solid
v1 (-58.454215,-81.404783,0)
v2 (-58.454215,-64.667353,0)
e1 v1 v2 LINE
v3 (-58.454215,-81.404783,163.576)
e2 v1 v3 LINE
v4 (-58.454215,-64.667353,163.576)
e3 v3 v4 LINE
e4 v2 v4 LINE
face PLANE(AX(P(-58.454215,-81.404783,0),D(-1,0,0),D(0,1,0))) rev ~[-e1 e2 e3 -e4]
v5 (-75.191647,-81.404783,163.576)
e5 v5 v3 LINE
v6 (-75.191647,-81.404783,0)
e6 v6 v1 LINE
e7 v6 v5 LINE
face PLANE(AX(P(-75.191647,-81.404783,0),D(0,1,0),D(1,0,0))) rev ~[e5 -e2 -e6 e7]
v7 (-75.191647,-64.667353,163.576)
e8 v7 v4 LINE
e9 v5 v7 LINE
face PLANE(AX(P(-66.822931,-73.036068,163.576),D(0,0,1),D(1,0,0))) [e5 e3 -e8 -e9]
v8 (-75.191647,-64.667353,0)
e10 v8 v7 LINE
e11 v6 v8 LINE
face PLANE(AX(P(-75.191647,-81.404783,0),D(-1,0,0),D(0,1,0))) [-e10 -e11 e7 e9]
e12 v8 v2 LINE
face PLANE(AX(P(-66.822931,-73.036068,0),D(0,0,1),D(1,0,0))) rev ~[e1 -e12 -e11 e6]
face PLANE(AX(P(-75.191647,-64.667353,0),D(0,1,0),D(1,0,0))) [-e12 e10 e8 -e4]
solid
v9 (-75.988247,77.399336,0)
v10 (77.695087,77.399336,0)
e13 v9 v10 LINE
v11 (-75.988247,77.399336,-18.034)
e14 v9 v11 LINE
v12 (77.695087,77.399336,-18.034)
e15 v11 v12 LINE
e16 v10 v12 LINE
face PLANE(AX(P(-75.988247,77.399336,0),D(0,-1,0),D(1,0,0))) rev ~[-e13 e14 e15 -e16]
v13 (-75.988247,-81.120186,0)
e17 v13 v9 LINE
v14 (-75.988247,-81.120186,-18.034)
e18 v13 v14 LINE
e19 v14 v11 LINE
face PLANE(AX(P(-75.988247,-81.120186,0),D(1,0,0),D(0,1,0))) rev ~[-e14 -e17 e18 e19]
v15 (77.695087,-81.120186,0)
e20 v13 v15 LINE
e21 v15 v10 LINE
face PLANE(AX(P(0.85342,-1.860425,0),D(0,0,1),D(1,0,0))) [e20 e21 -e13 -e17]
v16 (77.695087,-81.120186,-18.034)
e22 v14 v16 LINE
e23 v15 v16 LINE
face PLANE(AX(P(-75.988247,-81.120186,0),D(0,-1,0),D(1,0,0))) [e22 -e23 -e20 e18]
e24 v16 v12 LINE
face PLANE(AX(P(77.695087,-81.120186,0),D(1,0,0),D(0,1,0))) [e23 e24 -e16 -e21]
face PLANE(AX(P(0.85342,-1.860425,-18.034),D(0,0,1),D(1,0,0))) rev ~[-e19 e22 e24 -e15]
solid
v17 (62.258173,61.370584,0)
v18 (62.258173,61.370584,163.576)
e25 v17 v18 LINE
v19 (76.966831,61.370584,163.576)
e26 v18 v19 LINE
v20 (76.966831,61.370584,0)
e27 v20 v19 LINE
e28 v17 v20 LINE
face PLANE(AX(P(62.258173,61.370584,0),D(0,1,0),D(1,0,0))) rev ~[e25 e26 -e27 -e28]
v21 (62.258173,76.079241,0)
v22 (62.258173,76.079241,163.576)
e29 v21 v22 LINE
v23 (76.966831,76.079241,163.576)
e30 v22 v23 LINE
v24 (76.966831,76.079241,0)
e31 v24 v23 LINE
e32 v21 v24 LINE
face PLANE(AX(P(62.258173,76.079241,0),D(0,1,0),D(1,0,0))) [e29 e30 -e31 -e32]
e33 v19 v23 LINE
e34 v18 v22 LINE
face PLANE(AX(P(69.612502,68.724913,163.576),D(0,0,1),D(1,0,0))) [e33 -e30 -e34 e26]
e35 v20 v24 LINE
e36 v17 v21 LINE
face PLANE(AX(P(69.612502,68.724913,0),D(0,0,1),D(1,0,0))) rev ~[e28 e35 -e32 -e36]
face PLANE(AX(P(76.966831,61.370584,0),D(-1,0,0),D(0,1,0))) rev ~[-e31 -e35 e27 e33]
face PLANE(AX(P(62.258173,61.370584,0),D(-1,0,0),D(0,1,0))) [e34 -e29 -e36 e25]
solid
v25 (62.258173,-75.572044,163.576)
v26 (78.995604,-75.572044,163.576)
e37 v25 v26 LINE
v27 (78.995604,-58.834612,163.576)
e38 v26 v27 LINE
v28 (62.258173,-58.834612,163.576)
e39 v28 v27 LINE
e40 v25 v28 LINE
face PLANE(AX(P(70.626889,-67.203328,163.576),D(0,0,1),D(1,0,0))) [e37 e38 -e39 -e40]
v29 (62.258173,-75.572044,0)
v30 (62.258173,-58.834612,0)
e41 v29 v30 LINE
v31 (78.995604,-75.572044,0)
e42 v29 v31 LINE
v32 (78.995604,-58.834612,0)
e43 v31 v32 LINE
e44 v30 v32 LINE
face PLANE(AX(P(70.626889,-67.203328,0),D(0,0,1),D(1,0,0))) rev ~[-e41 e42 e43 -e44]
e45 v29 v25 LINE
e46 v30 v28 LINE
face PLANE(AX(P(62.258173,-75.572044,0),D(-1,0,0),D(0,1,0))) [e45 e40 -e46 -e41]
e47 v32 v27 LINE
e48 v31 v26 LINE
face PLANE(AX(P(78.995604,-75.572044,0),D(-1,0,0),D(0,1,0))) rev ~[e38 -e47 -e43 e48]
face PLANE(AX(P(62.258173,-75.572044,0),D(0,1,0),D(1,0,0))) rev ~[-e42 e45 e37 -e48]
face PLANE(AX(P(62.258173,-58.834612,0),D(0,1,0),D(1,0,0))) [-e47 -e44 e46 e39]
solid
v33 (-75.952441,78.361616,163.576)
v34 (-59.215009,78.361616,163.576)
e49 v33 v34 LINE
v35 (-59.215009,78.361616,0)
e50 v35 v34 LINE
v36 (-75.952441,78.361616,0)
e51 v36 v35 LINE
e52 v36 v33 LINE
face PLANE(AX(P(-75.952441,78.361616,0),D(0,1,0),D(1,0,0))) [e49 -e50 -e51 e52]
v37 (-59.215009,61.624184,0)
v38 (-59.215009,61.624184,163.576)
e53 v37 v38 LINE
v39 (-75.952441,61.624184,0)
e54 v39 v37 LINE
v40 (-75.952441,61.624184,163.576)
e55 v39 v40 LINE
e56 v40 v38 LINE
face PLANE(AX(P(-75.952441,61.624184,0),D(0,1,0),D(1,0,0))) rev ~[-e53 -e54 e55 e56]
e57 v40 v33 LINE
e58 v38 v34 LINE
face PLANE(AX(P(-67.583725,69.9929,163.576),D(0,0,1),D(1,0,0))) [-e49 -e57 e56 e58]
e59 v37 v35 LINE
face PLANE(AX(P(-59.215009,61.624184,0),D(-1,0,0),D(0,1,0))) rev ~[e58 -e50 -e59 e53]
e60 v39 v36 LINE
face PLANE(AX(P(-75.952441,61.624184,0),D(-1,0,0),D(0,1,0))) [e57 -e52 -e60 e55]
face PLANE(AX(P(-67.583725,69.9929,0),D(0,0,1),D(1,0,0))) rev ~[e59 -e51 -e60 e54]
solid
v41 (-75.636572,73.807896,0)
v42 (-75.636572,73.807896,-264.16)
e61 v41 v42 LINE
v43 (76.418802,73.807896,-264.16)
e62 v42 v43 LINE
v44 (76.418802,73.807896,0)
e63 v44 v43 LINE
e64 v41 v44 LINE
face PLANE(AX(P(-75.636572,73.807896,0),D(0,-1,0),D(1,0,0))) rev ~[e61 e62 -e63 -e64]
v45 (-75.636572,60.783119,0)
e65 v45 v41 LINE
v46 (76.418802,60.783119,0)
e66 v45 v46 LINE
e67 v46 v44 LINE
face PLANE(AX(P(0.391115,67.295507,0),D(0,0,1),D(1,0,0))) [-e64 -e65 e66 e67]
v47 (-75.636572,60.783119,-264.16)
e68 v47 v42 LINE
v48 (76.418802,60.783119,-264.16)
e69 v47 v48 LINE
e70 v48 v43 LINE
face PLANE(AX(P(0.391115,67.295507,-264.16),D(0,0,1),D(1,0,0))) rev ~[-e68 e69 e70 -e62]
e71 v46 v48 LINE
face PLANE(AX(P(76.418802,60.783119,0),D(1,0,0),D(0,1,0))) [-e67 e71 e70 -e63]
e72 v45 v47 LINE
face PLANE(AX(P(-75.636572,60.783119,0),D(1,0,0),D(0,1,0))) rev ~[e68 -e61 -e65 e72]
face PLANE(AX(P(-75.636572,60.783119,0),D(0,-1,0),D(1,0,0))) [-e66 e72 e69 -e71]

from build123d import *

# Parameters (mm, degrees)
F0_W     = 16.737432
F0_H     = 16.737432
F0_W_2   = 14.708657
F0_H_2   = 14.708657
F0_W_3   = 16.737431
F0_H_3   = 16.737431
F1_DEPTH = 163.576
F2_W     = 153.683335
F2_H     = 158.519522
F3_DEPTH = 18.034
F4_W     = 152.055375
F4_H     = 13.024777
F5_DEPTH = 264.16


with BuildPart() as f1:
    # F0 (on Top) → F1 (new body)
    with BuildSketch(Plane.XY):
        with Locations((-67.583725, 69.9929)):
            Rectangle(F0_W, F0_H)
        with Locations((69.612502, 68.724913)):
            Rectangle(F0_W_2, F0_H_2)
        with Locations((-66.822931, -73.036068)):
            Rectangle(F0_W_3, F0_H_3)
        with Locations((70.626889, -67.203328)):
            Rectangle(F0_W_3, F0_H)
    extrude(amount=F1_DEPTH)


with BuildPart() as f3:
    # F2 (on Top) → F3 (new body)
    with BuildSketch(Plane.XY):
        with Locations((0.85342, -1.860425)):
            Rectangle(F2_W, F2_H)
    extrude(amount=-F3_DEPTH)


with BuildPart() as f5:
    # F4 (on Top) → F5 (new body)
    with BuildSketch(Plane.XY):
        with Locations((0.391115, 67.295507)):
            Rectangle(F4_W, F4_H)
    extrude(amount=-F5_DEPTH)


solid = Compound([f1.part, f3.part, f5.part])
